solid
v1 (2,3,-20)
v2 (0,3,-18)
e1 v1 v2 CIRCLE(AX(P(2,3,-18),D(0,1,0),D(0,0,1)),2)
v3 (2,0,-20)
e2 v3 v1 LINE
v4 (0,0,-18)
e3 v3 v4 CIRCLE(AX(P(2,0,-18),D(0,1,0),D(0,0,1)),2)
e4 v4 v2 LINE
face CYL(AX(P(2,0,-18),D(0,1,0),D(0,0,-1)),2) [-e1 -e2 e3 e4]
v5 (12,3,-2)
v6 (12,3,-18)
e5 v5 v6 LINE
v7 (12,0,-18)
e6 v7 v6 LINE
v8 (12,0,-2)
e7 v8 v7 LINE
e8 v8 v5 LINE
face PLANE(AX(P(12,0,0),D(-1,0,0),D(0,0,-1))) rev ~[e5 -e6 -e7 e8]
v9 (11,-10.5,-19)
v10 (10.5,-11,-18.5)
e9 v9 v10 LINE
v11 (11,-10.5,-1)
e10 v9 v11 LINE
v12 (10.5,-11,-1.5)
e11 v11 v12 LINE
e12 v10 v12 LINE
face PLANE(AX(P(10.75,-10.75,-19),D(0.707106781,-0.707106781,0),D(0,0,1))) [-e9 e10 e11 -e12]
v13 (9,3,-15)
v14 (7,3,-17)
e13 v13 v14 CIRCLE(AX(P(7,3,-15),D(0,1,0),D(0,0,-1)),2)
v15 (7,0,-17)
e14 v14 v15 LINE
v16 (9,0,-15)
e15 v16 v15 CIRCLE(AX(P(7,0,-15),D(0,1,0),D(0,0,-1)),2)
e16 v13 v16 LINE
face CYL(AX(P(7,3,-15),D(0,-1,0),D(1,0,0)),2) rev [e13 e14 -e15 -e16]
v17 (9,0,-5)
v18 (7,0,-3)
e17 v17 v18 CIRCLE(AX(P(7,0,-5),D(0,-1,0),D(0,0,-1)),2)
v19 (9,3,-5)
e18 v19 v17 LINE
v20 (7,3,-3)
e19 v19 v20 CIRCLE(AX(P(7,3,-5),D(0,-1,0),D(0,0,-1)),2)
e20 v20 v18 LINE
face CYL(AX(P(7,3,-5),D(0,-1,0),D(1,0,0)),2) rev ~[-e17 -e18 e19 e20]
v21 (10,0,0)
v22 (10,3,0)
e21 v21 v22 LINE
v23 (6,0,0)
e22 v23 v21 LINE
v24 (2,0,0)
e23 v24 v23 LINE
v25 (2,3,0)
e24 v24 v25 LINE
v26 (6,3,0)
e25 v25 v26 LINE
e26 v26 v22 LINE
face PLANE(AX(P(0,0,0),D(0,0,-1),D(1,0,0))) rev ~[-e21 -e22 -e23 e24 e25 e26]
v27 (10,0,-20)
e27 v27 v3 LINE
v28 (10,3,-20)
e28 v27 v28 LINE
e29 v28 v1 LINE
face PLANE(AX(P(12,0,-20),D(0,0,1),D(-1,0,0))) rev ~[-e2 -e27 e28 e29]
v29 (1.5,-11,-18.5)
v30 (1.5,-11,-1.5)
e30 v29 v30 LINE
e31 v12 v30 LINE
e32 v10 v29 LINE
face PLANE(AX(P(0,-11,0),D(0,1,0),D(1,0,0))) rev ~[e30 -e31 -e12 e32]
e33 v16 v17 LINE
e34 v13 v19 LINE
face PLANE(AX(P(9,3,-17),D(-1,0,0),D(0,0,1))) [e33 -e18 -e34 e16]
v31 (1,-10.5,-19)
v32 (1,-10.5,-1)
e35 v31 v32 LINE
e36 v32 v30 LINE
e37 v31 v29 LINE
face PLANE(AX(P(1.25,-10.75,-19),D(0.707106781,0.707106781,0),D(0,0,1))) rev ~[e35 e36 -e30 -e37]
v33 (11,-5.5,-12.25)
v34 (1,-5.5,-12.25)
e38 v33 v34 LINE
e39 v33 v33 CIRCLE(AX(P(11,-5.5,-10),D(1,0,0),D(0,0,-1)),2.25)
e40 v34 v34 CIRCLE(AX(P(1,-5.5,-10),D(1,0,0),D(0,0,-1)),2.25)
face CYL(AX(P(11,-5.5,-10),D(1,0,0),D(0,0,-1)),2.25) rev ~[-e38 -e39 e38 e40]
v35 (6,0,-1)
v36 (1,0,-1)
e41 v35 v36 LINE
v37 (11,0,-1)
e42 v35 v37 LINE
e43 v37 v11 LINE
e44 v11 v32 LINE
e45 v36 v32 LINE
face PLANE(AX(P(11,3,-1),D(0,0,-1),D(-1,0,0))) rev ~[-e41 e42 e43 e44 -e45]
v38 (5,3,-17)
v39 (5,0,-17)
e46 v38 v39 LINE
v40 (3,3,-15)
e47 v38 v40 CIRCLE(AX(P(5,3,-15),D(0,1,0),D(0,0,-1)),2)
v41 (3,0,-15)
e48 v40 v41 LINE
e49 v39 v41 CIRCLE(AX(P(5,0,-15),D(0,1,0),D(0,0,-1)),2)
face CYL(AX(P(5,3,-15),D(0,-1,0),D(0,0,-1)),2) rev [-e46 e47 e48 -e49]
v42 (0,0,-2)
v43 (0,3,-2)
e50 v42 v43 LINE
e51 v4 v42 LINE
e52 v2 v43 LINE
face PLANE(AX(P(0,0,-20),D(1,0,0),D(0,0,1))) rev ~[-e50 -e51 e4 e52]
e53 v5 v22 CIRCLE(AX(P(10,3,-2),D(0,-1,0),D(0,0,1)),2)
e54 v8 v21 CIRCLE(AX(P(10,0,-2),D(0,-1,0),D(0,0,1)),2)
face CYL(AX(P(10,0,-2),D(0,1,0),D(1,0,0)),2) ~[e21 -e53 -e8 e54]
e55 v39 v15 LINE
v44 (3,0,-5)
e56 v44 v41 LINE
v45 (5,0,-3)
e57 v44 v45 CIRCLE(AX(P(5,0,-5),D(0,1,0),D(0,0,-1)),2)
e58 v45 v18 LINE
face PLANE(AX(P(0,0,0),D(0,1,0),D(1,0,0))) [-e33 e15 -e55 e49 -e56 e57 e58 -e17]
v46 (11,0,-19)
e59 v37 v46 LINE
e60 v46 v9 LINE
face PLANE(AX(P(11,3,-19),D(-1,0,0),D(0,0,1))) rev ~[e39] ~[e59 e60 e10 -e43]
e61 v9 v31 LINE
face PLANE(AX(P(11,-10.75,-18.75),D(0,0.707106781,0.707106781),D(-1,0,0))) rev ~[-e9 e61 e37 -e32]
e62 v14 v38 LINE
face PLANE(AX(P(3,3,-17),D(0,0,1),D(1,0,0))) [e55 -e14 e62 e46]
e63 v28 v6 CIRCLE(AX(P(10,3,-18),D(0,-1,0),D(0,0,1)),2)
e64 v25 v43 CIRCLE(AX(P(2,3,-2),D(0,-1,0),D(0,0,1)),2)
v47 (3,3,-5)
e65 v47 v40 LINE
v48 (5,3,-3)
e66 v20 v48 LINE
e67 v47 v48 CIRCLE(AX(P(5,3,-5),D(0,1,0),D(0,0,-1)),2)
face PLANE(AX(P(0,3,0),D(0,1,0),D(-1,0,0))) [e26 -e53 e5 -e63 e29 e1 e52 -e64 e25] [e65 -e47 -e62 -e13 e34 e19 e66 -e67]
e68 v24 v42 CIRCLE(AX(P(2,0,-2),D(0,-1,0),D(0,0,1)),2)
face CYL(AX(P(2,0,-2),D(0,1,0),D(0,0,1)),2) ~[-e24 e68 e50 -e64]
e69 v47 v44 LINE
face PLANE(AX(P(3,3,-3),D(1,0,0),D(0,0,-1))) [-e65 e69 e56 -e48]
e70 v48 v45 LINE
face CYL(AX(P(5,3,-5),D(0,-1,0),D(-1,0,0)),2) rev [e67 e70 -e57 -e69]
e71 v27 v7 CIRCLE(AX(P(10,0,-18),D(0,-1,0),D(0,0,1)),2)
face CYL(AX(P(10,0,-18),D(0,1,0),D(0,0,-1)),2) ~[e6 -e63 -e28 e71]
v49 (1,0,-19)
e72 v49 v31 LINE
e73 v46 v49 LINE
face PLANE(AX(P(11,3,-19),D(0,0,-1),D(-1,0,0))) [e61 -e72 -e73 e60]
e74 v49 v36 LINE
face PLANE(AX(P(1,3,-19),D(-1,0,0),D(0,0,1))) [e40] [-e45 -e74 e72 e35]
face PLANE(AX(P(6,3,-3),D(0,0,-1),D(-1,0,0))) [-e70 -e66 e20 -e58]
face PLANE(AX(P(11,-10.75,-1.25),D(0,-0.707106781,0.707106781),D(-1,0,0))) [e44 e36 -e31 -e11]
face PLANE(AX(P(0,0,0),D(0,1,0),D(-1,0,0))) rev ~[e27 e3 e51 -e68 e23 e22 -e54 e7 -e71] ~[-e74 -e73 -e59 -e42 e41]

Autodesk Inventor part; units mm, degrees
ref_plane "YZ Plane" through (0, 0, 0) normal (1, 0, 0) x (0, 1, 0)
ref_plane "XZ Plane" through (0, 0, 0) normal (0, 1, 0) x (-1, 0, 0)
ref_plane "XY Plane" through (0, 0, 0) normal (0, 0, 1) x (1, 0, 0)
sketch "Sketch1" plane through (0, 0, 0) normal (0, 1, 0) x (-1, 0, 0)
  line L0 (0, 0) -> (-12, 0)
  line L1 (-12, 0) -> (-12, -20)
  line L2 (-12, -20) -> (0, -20)
  line L3 (0, -20) -> (0, 0)
  line L4 (-6, 0) -> (-6, -1)
  line L5 (-6, -1) -> (-1, -1)
  line L6 (-1, -1) -> (-11, -1)
  line L7 (-11, -1) -> (-11, -19)
  line L8 (-11, -19) -> (-1, -19)
  line L9 (-1, -19) -> (-1, -1)
  dimension "d0" = 12
  dimension "d1" = 20
  dimension "d2" = 1
  dimension "d3" = 5
  dimension "d4" = 10
  dimension "d5" = 18
  dimension "d35" = 0
  dimension "d36" = 1
extrude "Extrusion1" add sketch "Sketch1" along normal blind 3
sketch "Sketch2" plane through (0, 3, 0) normal (0, 1, 0) x (1, 0, 0)
  line L0 (11, 1) -> (1, 1)
  line L1 (11, 19) -> (11, 1)
  line L2 (1, 1) -> (11, 1)
  line L3 (11, 1) -> (11, 19)
  line L4 (11, 19) -> (1, 19)
  line L5 (1, 19) -> (1, 1)
  point P0 (0, 0)
  point P1 (0, 0)
  dimension "d37" = 10
  dimension "d38" = 18
  dimension "d39" = 11
  dimension "d40" = 19
  dimension "d41" = 11
  dimension "d42" = 1
extrude "Extrusion4" add sketch "Sketch2" against normal blind 14
sketch "Sketch5" plane through (11, -11, -1) normal (1, 0, 0) x (0, 0, -1)
  line L0 (0, 11) -> (18, 11) projected
  line L1 (0, 11) -> (0, 0) projected
  line L2 (18, 0) -> (0, 0) projected
  line L3 (18, 11) -> (18, 0) projected
  circle A0 centre (9, 5.5) radius 2.25
  point P0 (-1, 11)
  dimension "d21" = 4.5
  dimension "d43" = 9
  dimension "d44" = 5.5
extrude "Extrusion5" cut sketch "Sketch5" against normal through all contours A0
sketch "Sketch6" plane through (0, 3, 0) normal (0, 1, 0) x (1, 0, 0)
  line L0 (6, 0) -> (6, 3)
  line L1 (6, 3) -> (6, 17)
  line L2 (6, 3) -> (3, 3)
  line L3 (3, 3) -> (3, 17)
  line L4 (3, 17) -> (9, 17)
  line L5 (9, 17) -> (9, 3)
  line L6 (9, 3) -> (6, 3)
  point P0 (0, 0)
  point P1 (0, 0)
  dimension "d24" = 3
  dimension "d25" = 14
  dimension "d26" = 3
  dimension "d27" = 6
  dimension "d28" = 14
  dimension "d29" = 9
  dimension "d30" = 3
  dimension "d31" = 9
  dimension "d32" = 3
extrude "Extrusion6" cut sketch "Sketch6" against normal blind 3
chamfer "Chamfer1" distance 0.5 angle 45 4 edges at (11, -11, -10) (1, -11, -10) (6, -11, -1) (6, -11, -19)
fillet "Fillet1" radius 2 4 edges at (12, 1.5, -20) (12, 1.5, 0) (0, 1.5, -20) (0, 1.5, 0)
fillet "Fillet2" radius 2 4 edges at (3, 1.5, -3) (3, 1.5, -17) (9, 1.5, -3) (9, 1.5, -17)
properties part number "reverse gear steam chest side valve"
